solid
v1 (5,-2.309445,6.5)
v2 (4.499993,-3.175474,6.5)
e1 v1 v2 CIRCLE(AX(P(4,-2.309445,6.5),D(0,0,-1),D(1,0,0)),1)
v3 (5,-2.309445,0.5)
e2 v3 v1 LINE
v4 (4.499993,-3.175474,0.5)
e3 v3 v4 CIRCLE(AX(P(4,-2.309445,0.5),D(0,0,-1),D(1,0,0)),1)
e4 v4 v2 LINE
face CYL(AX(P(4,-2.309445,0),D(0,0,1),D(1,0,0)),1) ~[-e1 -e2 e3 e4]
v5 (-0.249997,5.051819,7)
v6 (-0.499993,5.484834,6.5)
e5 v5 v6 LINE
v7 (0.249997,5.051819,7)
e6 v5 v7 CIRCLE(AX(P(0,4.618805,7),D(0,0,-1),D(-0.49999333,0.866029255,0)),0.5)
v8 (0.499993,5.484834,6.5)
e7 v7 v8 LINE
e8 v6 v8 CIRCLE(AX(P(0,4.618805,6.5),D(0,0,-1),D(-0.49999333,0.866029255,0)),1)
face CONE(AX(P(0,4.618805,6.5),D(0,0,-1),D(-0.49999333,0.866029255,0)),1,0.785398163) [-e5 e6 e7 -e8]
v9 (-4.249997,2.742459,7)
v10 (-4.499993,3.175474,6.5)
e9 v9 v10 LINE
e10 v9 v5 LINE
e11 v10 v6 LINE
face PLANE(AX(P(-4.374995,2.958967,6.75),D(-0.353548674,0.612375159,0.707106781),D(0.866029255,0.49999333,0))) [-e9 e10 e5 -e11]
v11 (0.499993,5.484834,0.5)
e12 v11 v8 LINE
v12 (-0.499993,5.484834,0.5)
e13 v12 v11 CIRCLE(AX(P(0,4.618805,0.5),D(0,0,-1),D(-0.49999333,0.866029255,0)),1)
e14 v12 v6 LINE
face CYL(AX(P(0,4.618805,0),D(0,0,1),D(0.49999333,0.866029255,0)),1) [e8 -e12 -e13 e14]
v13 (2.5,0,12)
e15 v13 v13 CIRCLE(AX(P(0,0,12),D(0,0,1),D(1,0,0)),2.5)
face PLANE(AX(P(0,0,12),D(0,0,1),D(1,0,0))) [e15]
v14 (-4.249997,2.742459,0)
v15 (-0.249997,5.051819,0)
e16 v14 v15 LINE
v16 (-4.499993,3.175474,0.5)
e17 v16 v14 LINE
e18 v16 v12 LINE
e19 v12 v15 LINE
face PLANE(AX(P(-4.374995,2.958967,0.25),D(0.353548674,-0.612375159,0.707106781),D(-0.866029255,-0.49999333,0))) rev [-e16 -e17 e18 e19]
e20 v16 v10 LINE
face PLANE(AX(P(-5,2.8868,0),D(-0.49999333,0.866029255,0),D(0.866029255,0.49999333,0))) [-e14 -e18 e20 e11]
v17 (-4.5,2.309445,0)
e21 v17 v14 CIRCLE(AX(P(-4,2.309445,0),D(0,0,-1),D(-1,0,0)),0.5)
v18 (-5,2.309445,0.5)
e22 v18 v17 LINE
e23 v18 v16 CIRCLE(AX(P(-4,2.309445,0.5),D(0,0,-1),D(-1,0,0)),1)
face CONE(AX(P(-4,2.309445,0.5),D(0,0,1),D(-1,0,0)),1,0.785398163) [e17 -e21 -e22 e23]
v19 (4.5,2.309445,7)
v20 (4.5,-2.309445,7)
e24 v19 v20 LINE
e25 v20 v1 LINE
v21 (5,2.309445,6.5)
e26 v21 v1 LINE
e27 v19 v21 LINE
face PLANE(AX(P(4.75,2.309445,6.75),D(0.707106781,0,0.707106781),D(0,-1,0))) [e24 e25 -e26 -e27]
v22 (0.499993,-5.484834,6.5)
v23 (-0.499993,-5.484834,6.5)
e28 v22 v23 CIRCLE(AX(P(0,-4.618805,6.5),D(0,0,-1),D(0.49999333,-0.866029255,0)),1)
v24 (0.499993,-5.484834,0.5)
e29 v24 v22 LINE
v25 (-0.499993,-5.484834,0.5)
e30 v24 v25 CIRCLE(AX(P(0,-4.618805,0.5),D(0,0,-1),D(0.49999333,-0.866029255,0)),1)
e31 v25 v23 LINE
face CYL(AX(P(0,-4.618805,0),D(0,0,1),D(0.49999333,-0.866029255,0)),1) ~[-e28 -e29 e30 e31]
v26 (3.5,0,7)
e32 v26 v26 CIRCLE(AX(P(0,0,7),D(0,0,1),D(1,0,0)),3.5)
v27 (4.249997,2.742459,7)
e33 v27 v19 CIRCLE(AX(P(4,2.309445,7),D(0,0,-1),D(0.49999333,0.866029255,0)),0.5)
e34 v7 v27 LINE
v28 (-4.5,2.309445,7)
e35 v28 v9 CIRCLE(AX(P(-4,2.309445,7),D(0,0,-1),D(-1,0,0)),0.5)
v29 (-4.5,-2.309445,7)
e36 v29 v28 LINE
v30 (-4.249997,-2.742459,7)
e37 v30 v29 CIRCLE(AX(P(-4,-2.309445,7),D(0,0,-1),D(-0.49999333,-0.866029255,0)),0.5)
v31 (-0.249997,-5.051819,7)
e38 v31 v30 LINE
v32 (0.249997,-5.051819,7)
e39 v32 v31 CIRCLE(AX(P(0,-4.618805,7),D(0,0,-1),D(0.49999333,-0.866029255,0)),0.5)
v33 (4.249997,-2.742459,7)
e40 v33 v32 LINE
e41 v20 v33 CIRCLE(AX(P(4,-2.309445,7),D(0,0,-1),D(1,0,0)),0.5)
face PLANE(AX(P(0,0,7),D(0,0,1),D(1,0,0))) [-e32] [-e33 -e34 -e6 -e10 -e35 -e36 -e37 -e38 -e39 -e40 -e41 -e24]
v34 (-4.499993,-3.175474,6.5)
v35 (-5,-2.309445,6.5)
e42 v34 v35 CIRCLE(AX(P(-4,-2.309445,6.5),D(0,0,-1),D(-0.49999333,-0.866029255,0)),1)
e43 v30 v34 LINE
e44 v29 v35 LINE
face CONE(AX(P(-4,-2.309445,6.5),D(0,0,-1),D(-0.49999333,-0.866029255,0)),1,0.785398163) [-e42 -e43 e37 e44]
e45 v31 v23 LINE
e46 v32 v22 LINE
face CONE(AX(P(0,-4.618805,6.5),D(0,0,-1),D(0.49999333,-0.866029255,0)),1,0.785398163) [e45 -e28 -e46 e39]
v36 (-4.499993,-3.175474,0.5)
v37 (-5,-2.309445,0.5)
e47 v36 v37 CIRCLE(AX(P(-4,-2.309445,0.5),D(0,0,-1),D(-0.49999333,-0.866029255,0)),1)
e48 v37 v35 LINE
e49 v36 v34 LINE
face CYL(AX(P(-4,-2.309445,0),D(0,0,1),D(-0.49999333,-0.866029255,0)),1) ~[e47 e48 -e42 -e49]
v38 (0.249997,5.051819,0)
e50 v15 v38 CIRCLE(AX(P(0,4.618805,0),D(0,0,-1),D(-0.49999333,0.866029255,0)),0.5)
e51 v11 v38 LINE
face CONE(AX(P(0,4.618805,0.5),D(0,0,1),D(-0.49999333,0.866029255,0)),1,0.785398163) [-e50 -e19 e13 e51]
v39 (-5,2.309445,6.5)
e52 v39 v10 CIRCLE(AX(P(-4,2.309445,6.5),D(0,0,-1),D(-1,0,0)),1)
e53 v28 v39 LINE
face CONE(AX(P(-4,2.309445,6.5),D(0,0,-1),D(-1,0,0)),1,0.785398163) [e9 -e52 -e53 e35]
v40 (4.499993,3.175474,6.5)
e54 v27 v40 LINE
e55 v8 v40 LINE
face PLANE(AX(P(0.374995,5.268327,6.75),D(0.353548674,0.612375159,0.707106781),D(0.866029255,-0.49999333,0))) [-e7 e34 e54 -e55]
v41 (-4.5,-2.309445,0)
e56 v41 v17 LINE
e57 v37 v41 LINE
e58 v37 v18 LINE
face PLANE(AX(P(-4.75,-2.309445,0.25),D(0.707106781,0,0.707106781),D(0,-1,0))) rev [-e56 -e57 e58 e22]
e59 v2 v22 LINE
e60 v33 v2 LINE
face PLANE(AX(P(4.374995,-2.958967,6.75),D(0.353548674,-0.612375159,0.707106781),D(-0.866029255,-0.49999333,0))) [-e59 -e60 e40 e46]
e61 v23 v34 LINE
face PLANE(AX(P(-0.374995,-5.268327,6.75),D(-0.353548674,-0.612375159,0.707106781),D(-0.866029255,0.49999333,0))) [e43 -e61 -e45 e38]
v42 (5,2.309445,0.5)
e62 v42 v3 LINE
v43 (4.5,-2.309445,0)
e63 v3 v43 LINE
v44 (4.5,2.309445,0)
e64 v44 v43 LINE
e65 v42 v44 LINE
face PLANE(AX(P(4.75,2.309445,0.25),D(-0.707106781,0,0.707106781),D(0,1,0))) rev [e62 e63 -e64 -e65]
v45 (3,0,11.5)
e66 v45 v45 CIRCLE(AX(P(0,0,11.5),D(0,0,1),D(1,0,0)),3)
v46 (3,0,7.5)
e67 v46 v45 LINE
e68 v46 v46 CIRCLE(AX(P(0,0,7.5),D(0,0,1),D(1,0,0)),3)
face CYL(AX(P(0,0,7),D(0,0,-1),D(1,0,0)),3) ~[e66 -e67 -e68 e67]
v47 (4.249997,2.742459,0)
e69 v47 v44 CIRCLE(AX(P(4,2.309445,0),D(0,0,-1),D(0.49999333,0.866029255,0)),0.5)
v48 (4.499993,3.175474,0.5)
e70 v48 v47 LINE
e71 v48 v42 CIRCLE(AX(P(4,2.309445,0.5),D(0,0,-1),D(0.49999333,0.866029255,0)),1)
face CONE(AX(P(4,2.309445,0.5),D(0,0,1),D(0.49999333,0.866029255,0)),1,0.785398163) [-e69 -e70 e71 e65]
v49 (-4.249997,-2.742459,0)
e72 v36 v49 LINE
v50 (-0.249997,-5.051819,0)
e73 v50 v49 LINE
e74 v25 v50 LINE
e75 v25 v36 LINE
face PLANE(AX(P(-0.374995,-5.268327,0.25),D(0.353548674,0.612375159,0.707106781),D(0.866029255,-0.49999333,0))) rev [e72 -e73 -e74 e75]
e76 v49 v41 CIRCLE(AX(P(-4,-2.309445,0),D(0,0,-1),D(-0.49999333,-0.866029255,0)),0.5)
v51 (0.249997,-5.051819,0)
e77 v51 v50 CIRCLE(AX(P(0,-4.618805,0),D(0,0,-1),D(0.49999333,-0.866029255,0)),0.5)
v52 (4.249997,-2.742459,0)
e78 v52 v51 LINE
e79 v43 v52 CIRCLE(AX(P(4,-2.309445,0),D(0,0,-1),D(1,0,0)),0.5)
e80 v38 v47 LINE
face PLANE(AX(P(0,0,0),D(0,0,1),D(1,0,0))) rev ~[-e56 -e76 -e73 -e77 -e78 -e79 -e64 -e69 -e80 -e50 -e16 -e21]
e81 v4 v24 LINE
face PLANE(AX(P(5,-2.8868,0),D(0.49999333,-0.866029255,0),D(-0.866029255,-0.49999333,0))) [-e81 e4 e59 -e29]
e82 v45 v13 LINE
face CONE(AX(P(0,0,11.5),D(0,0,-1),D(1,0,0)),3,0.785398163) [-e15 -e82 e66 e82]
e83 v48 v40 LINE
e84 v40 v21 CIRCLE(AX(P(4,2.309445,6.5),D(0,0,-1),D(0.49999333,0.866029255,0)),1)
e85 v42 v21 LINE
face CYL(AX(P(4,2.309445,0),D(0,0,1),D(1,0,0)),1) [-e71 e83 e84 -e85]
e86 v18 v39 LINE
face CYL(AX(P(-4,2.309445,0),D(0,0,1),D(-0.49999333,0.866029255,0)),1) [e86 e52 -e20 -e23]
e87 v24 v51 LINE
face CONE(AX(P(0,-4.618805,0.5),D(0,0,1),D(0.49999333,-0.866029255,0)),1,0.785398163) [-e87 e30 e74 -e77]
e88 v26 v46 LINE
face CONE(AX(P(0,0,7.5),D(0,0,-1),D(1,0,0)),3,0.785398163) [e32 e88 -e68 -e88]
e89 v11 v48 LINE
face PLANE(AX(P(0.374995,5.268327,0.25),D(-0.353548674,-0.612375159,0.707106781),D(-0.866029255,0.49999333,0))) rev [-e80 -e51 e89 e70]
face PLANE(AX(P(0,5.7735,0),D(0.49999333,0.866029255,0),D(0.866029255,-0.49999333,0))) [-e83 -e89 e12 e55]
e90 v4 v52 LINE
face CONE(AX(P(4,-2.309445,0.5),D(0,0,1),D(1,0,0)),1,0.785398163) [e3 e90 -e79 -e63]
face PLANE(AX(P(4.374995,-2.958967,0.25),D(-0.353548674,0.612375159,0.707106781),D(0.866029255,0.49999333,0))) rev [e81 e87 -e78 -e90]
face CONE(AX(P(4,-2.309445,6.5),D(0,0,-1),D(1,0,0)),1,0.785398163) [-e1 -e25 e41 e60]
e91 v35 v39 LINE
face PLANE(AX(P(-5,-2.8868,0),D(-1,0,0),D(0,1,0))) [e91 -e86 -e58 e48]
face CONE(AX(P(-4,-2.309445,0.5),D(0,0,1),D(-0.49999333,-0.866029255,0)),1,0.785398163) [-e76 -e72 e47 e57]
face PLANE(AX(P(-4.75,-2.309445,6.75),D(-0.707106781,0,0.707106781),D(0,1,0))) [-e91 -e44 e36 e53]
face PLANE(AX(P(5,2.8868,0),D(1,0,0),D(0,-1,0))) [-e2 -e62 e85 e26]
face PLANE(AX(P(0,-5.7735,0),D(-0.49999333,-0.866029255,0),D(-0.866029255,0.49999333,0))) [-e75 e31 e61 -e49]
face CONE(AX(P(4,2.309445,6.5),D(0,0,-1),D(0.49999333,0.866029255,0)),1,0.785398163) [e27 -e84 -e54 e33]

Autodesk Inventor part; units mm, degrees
ref_plane "YZ Plane" through (0, 0, 0) normal (1, 0, 0) x (0, 1, 0)
ref_plane "XZ Plane" through (0, 0, 0) normal (0, 1, 0) x (-1, 0, 0)
ref_plane "XY Plane" through (0, 0, 0) normal (0, 0, 1) x (1, 0, 0)
sketch "Sketch1" plane through (0, 0, 0) normal (0, 0, 1) x (1, 0, 0)
  line L0 (5, 2.8868) -> (5, -2.8868)
  line L1 (5, -2.8868) -> (0, -5.7735)
  line L2 (0, -5.7735) -> (-5, -2.8868)
  line L3 (-5, -2.8868) -> (-5, 2.8868)
  line L4 (-5, 2.8868) -> (0, 5.7735)
  line L5 (0, 5.7735) -> (5, 2.8868)
  point P0 (0, 0)
  point P1 (0, 0)
  dimension "d0" = 10
extrude "Extrusion1" add sketch "Sketch1" along normal blind 7
sketch "Sketch2" plane through (0, 0, 7) normal (0, 0, 1) x (1, 0, 0)
  circle A0 centre (0, 0) radius 3
  dimension "d3" = 6
extrude "Extrusion2" add sketch "Sketch2" along normal blind 5
fillet "Fillet1" radius 1 6 edges at (-5, 2.8868, 3.5) (-5, -2.8868, 3.5) (0, -5.7735, 3.5) (5, -2.8868, 3.5) (5, 2.8868, 3.5) (0, 5.7735, 3.5)
chamfer "Chamfer1" distance 0.5 angle 45 1 edges at (-3, 0, 7)
chamfer "Chamfer2" distance 0.5 angle 45 25 edges at (-3, 0, 12) (2.5, -4.3301, 7) (4.866, -2.8094, 7) (5, 0, 7) (4.866, 2.8094, 7) (2.5, 4.3301, 7) (0, 5.6188, 7) (-2.5, 4.3301, 7) (-4.866, 2.8094, 7) (-5, 0, 7) (-4.866, -2.8094, 7) (-2.5, -4.3301, 7) (0, -5.6188, 7) (2.5, -4.3301, 0) (4.866, -2.8094, 0) (5, 0, 0) (4.866, 2.8094, 0) (2.5, 4.3301, 0) (0, 5.6188, 0) (-2.5, 4.3301, 0) (-4.866, 2.8094, 0) (-5, 0, 0) (-4.866, -2.8094, 0) (-2.5, -4.3301, 0) (0, -5.6188, 0)
properties part number "TPU-legs" material "Rubber"
